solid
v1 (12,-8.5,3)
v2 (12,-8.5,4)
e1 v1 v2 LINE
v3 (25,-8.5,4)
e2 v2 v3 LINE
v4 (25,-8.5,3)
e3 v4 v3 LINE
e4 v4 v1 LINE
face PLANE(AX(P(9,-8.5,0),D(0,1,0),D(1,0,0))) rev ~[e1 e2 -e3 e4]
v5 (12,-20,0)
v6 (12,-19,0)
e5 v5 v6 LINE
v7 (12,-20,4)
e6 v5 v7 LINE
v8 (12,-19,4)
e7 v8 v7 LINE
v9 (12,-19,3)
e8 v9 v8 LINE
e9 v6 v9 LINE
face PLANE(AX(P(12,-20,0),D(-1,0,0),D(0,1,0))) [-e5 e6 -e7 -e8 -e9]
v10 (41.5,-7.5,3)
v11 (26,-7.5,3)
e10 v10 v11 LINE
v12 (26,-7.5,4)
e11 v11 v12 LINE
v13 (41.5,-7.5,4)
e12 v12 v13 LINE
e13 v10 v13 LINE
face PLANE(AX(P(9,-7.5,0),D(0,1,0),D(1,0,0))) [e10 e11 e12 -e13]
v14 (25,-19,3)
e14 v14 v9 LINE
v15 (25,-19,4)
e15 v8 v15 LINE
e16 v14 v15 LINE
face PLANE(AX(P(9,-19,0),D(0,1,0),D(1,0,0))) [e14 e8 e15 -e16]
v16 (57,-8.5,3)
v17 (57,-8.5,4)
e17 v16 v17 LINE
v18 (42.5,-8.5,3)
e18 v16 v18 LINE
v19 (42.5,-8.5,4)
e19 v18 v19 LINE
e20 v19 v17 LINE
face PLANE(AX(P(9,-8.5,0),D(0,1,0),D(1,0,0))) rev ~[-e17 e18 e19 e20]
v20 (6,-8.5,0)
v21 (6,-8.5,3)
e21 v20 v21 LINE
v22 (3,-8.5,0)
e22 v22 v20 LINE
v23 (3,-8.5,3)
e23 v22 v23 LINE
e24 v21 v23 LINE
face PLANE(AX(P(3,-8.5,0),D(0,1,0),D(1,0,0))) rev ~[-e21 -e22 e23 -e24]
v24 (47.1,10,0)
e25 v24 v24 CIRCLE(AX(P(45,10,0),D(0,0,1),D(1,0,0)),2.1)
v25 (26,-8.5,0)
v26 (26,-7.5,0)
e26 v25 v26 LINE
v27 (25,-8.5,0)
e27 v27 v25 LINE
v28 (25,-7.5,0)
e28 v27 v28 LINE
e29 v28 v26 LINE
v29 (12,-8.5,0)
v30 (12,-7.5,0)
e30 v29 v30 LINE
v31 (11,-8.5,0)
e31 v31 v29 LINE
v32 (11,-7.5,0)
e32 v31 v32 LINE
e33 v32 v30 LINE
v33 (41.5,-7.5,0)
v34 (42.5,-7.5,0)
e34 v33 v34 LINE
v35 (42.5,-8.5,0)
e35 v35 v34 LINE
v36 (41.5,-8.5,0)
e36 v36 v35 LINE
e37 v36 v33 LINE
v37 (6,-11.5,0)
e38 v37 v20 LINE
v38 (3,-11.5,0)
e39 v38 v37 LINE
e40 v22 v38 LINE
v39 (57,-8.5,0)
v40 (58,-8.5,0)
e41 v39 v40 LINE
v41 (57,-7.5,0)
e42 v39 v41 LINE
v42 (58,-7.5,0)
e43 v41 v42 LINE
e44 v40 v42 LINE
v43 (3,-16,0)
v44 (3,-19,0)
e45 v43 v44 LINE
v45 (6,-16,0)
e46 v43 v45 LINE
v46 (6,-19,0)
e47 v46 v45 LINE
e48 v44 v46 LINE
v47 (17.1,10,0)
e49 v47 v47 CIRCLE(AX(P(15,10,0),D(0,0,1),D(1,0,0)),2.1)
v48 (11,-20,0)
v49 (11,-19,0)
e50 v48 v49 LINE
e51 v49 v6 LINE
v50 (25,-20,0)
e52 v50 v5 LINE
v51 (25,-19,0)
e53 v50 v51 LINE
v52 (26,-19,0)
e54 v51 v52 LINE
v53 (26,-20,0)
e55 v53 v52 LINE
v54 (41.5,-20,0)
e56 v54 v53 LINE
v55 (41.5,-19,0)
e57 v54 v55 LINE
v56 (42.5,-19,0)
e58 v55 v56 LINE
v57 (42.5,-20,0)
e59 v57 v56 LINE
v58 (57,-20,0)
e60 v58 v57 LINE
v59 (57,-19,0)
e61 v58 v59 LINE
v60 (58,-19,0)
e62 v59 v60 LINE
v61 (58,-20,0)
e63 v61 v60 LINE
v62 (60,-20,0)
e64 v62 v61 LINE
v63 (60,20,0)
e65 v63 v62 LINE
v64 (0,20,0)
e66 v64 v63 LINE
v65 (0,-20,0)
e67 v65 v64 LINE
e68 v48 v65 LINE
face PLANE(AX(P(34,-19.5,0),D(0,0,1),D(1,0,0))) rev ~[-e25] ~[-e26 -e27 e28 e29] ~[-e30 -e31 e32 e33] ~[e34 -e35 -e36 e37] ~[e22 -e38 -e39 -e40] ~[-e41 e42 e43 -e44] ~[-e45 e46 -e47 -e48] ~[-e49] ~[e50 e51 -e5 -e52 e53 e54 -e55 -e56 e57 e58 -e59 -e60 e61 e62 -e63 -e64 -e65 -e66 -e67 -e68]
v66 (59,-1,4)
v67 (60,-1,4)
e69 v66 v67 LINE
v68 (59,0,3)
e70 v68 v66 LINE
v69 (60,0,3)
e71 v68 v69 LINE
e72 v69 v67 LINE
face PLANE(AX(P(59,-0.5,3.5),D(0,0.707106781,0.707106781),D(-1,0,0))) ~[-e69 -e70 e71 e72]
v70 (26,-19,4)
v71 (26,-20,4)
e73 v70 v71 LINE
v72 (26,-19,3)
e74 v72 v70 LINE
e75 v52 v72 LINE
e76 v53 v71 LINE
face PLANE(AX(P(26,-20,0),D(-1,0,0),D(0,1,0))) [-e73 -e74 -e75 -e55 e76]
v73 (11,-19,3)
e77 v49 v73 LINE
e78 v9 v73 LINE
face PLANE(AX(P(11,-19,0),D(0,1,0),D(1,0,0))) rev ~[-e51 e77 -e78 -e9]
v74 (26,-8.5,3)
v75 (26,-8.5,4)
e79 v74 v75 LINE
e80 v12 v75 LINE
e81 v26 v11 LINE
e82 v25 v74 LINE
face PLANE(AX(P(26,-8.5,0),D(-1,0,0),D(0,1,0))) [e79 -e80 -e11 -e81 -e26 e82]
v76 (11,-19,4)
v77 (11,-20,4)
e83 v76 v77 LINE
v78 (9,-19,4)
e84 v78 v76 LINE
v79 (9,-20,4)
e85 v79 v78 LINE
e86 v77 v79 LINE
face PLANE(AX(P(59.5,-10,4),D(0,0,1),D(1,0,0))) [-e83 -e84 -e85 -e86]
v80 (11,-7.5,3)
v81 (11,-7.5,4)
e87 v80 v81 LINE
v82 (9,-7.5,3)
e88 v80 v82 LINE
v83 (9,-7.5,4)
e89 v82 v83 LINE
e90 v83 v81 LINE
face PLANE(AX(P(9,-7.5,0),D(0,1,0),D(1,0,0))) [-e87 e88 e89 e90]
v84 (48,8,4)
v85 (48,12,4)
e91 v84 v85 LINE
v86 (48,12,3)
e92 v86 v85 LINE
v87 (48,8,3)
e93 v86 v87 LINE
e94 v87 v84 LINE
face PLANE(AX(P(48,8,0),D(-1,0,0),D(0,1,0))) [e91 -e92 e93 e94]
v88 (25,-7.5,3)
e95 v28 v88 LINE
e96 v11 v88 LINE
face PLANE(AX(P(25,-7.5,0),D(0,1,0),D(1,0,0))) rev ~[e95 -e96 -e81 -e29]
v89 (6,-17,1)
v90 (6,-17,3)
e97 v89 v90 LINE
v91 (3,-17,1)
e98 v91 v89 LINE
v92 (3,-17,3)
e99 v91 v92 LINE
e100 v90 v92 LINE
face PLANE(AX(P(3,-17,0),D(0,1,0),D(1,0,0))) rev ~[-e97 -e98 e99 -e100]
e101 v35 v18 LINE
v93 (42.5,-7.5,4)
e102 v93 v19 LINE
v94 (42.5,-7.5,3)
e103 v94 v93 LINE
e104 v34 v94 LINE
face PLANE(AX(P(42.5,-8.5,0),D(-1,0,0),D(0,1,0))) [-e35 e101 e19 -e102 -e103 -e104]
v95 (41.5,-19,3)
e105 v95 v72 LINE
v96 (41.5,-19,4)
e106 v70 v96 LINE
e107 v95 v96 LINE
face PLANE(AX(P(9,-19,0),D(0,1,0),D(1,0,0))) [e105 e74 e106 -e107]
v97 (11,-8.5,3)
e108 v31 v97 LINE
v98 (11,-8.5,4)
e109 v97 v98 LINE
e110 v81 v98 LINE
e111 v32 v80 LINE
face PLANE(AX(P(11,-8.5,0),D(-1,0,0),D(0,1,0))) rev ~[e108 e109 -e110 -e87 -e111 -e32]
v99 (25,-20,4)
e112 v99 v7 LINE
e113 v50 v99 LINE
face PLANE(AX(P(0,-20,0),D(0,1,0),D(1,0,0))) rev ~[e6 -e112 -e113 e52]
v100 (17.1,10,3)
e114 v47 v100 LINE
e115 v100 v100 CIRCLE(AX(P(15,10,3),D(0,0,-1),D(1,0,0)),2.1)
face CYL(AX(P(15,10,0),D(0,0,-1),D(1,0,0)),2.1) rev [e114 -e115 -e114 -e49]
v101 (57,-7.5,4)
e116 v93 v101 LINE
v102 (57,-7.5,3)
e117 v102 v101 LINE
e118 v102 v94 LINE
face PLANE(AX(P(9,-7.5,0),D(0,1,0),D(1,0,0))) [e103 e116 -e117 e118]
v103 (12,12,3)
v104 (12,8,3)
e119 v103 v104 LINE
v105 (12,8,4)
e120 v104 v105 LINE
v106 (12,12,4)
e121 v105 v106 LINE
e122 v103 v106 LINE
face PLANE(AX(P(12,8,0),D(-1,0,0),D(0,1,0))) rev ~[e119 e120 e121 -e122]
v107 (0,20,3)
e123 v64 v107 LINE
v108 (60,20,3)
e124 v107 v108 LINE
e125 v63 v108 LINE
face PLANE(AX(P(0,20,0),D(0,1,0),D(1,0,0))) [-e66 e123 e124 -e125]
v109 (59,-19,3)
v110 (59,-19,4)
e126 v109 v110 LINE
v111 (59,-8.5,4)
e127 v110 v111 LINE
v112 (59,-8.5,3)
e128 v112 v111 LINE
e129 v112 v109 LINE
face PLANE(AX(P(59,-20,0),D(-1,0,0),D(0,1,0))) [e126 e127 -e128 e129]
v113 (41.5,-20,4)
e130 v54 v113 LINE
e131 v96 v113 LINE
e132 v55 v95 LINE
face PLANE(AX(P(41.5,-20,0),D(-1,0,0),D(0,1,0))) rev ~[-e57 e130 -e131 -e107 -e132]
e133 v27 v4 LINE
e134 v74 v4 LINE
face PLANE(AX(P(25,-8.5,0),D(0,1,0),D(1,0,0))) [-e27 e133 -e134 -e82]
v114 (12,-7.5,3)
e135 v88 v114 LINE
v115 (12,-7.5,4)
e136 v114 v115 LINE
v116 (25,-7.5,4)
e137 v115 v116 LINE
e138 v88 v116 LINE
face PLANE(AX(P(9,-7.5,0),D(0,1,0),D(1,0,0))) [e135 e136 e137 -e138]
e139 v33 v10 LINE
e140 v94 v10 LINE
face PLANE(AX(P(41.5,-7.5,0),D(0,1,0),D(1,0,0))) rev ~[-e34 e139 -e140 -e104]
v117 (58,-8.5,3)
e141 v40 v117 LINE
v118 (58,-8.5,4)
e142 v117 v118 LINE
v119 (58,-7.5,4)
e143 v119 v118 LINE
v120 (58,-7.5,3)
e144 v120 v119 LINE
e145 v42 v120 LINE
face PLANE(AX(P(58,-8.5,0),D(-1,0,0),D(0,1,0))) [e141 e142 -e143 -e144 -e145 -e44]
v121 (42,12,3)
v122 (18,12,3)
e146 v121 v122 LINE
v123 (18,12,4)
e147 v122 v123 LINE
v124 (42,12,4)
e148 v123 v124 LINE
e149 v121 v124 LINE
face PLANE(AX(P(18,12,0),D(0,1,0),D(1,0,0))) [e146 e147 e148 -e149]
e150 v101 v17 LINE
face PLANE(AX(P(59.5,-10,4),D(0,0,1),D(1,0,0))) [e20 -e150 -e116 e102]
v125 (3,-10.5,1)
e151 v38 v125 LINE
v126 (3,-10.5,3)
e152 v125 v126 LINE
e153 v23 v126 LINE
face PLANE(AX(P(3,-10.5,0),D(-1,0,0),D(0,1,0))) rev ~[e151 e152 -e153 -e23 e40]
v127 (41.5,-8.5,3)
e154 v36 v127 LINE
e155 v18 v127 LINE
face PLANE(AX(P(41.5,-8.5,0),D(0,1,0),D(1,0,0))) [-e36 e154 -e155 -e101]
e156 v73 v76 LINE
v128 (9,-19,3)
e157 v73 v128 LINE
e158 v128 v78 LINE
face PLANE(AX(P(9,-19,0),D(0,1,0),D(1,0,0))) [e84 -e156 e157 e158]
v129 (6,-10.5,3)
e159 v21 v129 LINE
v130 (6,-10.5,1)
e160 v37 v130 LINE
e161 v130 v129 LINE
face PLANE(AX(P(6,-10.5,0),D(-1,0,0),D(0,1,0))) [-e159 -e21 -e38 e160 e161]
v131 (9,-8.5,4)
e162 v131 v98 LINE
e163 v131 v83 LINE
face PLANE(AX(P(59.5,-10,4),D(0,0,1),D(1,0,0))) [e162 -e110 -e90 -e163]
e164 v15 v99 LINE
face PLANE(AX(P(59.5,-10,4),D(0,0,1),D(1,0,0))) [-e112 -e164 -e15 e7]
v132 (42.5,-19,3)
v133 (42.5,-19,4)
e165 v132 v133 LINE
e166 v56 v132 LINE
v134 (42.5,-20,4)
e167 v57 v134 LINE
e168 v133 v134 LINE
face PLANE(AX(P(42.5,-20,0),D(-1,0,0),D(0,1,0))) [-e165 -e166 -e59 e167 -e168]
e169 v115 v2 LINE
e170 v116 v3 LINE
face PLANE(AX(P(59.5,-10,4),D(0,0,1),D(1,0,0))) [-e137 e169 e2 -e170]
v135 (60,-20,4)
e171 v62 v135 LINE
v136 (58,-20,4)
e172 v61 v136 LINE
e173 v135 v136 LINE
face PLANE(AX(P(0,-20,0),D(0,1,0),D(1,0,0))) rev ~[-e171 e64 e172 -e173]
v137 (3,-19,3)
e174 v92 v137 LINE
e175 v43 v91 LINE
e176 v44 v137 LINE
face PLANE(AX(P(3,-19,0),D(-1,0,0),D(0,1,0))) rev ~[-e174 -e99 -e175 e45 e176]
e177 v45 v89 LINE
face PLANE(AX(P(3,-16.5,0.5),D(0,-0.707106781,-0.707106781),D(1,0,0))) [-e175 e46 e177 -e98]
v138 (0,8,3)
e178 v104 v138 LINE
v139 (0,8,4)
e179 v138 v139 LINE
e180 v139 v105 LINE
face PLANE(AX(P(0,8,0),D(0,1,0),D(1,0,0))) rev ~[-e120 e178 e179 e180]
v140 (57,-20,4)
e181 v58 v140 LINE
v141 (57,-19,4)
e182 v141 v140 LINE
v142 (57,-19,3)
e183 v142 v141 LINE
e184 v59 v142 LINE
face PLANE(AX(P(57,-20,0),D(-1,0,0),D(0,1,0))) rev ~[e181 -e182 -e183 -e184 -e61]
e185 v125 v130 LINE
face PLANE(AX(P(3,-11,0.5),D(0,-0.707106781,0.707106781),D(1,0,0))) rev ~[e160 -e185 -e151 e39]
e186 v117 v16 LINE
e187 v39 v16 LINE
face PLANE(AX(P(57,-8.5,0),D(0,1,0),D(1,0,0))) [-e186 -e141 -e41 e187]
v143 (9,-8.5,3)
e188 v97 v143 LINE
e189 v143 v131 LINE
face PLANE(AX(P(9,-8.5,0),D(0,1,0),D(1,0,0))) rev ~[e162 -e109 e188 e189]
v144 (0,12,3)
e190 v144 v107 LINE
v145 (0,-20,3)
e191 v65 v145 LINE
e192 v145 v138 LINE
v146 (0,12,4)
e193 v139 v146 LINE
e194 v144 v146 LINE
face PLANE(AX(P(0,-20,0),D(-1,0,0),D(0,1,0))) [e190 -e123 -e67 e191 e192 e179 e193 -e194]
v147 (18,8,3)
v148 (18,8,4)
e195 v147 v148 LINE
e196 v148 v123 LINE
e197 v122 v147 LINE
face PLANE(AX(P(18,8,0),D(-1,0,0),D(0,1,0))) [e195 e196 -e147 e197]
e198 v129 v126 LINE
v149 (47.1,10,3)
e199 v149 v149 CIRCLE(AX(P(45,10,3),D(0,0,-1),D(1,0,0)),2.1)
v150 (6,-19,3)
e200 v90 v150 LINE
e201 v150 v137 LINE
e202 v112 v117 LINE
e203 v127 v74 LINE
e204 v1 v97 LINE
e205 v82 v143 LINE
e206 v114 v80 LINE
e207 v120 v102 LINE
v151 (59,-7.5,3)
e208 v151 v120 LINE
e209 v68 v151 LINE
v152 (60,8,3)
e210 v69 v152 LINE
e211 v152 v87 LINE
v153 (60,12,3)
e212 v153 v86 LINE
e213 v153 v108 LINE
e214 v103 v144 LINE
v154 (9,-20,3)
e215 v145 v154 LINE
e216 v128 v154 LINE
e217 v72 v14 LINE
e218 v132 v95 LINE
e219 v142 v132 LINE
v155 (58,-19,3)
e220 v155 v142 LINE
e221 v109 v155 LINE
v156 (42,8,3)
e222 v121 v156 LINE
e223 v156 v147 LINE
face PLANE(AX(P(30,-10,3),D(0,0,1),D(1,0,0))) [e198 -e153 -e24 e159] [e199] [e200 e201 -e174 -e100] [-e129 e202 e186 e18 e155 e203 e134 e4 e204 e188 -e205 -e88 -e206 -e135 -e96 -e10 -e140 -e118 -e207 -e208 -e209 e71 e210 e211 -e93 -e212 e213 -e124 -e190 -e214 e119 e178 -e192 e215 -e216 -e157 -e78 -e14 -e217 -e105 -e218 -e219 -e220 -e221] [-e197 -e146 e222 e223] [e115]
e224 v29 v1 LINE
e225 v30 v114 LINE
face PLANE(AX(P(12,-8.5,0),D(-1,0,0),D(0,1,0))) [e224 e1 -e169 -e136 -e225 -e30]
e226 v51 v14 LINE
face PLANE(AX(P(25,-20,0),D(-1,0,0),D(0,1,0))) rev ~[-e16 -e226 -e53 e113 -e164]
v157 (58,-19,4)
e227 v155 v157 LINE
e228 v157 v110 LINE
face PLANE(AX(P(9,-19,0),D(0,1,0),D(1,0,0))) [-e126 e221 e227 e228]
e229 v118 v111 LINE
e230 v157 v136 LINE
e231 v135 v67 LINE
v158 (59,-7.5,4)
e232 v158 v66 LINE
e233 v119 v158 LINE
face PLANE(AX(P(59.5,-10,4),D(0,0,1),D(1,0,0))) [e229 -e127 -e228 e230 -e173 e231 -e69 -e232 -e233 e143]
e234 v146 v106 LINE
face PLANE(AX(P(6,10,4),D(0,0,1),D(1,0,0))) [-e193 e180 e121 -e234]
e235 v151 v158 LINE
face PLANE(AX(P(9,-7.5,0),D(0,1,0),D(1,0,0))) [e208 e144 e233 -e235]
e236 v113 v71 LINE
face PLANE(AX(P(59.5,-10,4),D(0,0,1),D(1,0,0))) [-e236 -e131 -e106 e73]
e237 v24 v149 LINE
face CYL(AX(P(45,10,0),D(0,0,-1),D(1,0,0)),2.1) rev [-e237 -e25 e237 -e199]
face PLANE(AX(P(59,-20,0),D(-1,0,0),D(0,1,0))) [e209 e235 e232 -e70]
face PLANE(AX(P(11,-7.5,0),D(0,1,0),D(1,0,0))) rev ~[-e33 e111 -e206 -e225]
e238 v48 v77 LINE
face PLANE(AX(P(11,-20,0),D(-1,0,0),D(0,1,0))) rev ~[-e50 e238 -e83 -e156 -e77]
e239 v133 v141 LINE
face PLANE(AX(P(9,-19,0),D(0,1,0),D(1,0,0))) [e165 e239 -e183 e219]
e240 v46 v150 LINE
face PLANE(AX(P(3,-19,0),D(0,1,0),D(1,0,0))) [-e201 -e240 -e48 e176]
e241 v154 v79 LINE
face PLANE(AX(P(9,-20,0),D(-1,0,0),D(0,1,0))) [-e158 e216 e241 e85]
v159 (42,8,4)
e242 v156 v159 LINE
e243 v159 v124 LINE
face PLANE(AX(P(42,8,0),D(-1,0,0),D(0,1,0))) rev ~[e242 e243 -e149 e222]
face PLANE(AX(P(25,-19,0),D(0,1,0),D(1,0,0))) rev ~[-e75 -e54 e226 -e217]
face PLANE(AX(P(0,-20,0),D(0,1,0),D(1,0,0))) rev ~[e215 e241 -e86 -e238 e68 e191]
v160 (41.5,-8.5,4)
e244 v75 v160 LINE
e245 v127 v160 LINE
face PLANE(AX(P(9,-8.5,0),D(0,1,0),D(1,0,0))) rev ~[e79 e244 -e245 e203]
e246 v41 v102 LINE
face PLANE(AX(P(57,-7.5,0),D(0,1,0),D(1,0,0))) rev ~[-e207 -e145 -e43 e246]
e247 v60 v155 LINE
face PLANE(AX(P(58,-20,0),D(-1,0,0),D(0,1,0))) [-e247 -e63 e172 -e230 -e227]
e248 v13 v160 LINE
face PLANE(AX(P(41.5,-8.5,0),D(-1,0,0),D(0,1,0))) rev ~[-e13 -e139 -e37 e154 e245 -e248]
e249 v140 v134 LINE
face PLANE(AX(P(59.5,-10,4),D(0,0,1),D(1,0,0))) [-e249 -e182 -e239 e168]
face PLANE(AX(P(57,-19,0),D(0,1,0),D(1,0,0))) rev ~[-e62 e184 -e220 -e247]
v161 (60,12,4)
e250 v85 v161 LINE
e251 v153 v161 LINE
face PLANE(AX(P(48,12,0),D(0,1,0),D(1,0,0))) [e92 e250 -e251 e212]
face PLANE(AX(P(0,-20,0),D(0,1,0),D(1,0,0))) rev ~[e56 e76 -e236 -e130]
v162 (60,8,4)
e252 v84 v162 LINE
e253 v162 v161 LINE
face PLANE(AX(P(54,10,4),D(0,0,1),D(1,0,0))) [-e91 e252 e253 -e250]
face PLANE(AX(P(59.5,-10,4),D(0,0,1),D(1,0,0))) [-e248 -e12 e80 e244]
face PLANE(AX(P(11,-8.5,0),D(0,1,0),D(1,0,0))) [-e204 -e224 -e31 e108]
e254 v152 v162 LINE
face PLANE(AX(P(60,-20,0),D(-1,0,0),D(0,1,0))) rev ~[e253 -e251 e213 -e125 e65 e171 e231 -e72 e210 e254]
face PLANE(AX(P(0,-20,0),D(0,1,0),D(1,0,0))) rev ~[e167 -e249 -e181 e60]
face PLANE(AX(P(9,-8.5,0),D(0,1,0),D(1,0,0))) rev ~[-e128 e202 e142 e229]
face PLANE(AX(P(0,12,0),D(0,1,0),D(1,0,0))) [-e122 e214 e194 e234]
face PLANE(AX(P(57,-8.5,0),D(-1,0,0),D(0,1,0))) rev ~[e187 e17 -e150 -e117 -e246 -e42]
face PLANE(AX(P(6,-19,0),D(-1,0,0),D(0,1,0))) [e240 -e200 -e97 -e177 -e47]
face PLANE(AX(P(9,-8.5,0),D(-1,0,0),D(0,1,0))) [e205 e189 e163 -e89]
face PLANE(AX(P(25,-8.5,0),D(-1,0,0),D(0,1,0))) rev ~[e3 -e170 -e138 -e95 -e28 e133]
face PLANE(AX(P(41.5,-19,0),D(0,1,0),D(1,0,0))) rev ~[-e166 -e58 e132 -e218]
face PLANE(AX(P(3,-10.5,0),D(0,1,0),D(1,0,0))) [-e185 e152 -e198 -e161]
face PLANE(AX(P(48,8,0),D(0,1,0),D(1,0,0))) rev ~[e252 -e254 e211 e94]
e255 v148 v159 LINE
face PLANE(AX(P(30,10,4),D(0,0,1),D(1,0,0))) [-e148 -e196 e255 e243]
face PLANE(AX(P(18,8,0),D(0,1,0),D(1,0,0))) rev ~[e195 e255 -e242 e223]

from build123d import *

# Parameters (mm, degrees)
BOX020_W          = 3
BOX020_H          = 2
BOX020_DEPTH      = 10
BOX014_W          = 1
BOX014_H          = 1
BOX014_DEPTH      = 8
BOX008_W          = 1
BOX008_H          = 1
BOX008_DEPTH      = 8
BOX009_W          = 1
BOX009_H          = 1
BOX009_DEPTH      = 8
BOX012_W          = 1
BOX012_H          = 1
BOX012_DEPTH      = 8
BOX013_W          = 1
BOX013_H          = 1
BOX013_DEPTH      = 8
BOX010_W          = 1
BOX010_H          = 1
BOX010_DEPTH      = 8
BOX011_W          = 1
BOX011_H          = 1
BOX011_DEPTH      = 8
BOX015_W          = 1
BOX015_H          = 1
BOX015_DEPTH      = 8
BOX019_W          = 3
BOX019_H          = 2
BOX019_DEPTH      = 10
BOX006_W          = 50
BOX006_H          = 1
BOX006_DEPTH      = 4
BOX005_W          = 50
BOX005_H          = 1
BOX005_DEPTH      = 4
BOX007_W          = 1
BOX007_H          = 20
BOX007_DEPTH      = 4
CHAMFER_SIZE      = 1
BOX001_W          = 60
BOX001_H          = 20
BOX001_DEPTH      = 3
CHAMFER001_SIZE   = 1
CYLINDER001_R     = 2.1
CYLINDER001_DEPTH = 10
CYLINDER_R        = 2.1
CYLINDER_DEPTH    = 10
BOX002_W          = 12
BOX002_H          = 4
BOX002_DEPTH      = 4
BOX004_W          = 24
BOX004_H          = 4
BOX004_DEPTH      = 4
BOX003_W          = 12
BOX003_H          = 4
BOX003_DEPTH      = 4
BOX_W             = 60
BOX_H             = 20
BOX_DEPTH         = 3


with BuildPart() as cube020:
    # Box020 → Box020 (new body)
    with BuildSketch(Plane(origin=(3, -10.5, 0), x_dir=(1, 0, 0), z_dir=(0, 0, 1))):
        with Locations((1.5, 1)):
            Rectangle(BOX020_W, BOX020_H)
    extrude(amount=BOX020_DEPTH)


with BuildPart() as cube014:
    # Box014 → Box014 (new body)
    with BuildSketch(Plane(origin=(11, -8.5, 0), x_dir=(1, 0, 0), z_dir=(0, 0, 1))):
        with Locations((0.5, 0.5)):
            Rectangle(BOX014_W, BOX014_H)
    extrude(amount=BOX014_DEPTH)


with BuildPart() as cube008:
    # Box008 → Box008 (new body)
    with BuildSketch(Plane(origin=(11, -20, 0), x_dir=(1, 0, 0), z_dir=(0, 0, 1))):
        with Locations((0.5, 0.5)):
            Rectangle(BOX008_W, BOX008_H)
    extrude(amount=BOX008_DEPTH)


with BuildPart() as cube009:
    # Box009 → Box009 (new body)
    with BuildSketch(Plane(origin=(25, -20, 0), x_dir=(1, 0, 0), z_dir=(0, 0, 1))):
        with Locations((0.5, 0.5)):
            Rectangle(BOX009_W, BOX009_H)
    extrude(amount=BOX009_DEPTH)


with BuildPart() as cube012:
    # Box012 → Box012 (new body)
    with BuildSketch(Plane(origin=(25, -8.5, 0), x_dir=(1, 0, 0), z_dir=(0, 0, 1))):
        with Locations((0.5, 0.5)):
            Rectangle(BOX012_W, BOX012_H)
    extrude(amount=BOX012_DEPTH)


with BuildPart() as cube013:
    # Box013 → Box013 (new body)
    with BuildSketch(Plane(origin=(41.5, -8.5, 0), x_dir=(1, 0, 0), z_dir=(0, 0, 1))):
        with Locations((0.5, 0.5)):
            Rectangle(BOX013_W, BOX013_H)
    extrude(amount=BOX013_DEPTH)


with BuildPart() as cube010:
    # Box010 → Box010 (new body)
    with BuildSketch(Plane(origin=(41.5, -20, 0), x_dir=(1, 0, 0), z_dir=(0, 0, 1))):
        with Locations((0.5, 0.5)):
            Rectangle(BOX010_W, BOX010_H)
    extrude(amount=BOX010_DEPTH)


with BuildPart() as cube011:
    # Box011 → Box011 (new body)
    with BuildSketch(Plane(origin=(57, -20, 0), x_dir=(1, 0, 0), z_dir=(0, 0, 1))):
        with Locations((0.5, 0.5)):
            Rectangle(BOX011_W, BOX011_H)
    extrude(amount=BOX011_DEPTH)


with BuildPart() as cube015:
    # Box015 → Box015 (new body)
    with BuildSketch(Plane(origin=(57, -8.5, 0), x_dir=(1, 0, 0), z_dir=(0, 0, 1))):
        with Locations((0.5, 0.5)):
            Rectangle(BOX015_W, BOX015_H)
    extrude(amount=BOX015_DEPTH)


with BuildPart() as fusion003:
    # Box019 → Box019 (new body)
    with BuildSketch(Plane(origin=(3, -19, 0), x_dir=(1, 0, 0), z_dir=(0, 0, 1))):
        with Locations((1.5, 1)):
            Rectangle(BOX019_W, BOX019_H)
    extrude(amount=BOX019_DEPTH)

    # Fusion003: union Cube020, Cube014, Cube008, Cube009, Cube012, Cube013, Cube010, Cube011, Cube015
    add(cube020.part)
    add(cube014.part)
    add(cube008.part)
    add(cube009.part)
    add(cube012.part)
    add(cube013.part)
    add(cube010.part)
    add(cube011.part)
    add(cube015.part)


with BuildPart() as cube006:
    # Box006 → Box006 (new body)
    with BuildSketch(Plane(origin=(9, -8.5, 0), x_dir=(1, 0, 0), z_dir=(0, 0, 1))):
        with Locations((25, 0.5)):
            Rectangle(BOX006_W, BOX006_H)
    extrude(amount=BOX006_DEPTH)


with BuildPart() as cube005:
    # Box005 → Box005 (new body)
    with BuildSketch(Plane(origin=(9, -20, 0), x_dir=(1, 0, 0), z_dir=(0, 0, 1))):
        with Locations((25, 0.5)):
            Rectangle(BOX005_W, BOX005_H)
    extrude(amount=BOX005_DEPTH)


with BuildPart() as chamfer_body:
    # Box007 → Box007 (new body)
    with BuildSketch(Plane(origin=(59, -20, 0), x_dir=(1, 0, 0), z_dir=(0, 0, 1))):
        with Locations((0.5, 10)):
            Rectangle(BOX007_W, BOX007_H)
    extrude(amount=BOX007_DEPTH)

    # Chamfer
    chamfer_edges = [chamfer_body.edges().sort_by_distance(p)[0] for p in [
        (59.5, 0, 4),
    ]]
    chamfer(chamfer_edges, length=CHAMFER_SIZE)


with BuildPart() as chamfer001:
    # Box001 → Box001 (new body)
    with BuildSketch(Plane(origin=(0, -20, 0), x_dir=(1, 0, 0), z_dir=(0, 0, 1))):
        with Locations((30, 10)):
            Rectangle(BOX001_W, BOX001_H)
    extrude(amount=BOX001_DEPTH)

    # Fusion002: union Cube006, Cube005, Chamfer body
    add(cube006.part)
    add(cube005.part)
    add(chamfer_body.part)

    # Cut001: cut Fusion003
    add(fusion003.part, mode=Mode.SUBTRACT)

    # Chamfer001
    chamfer001_edges = [chamfer001.edges().sort_by_distance(p)[0] for p in [
        (4.5, -17, 0),
        (4.5, -10.5, 0),
    ]]
    chamfer(chamfer001_edges, length=CHAMFER001_SIZE)


with BuildPart() as cylinder001:
    # Cylinder001 → Cylinder001 (new body)
    with BuildSketch(Plane(origin=(45, 10, 0), x_dir=(1, 0, 0), z_dir=(0, 0, 1))):
        Circle(CYLINDER001_R)
    extrude(amount=CYLINDER001_DEPTH)


with BuildPart() as fusion001:
    # Cylinder → Cylinder (new body)
    with BuildSketch(Plane(origin=(15, 10, 0), x_dir=(1, 0, 0), z_dir=(0, 0, 1))):
        Circle(CYLINDER_R)
    extrude(amount=CYLINDER_DEPTH)

    # Fusion001: union Cylinder001
    add(cylinder001.part)


with BuildPart() as cube002:
    # Box002 → Box002 (new body)
    with BuildSketch(Plane(origin=(0, 8, 0), x_dir=(1, 0, 0), z_dir=(0, 0, 1))):
        with Locations((6, 2)):
            Rectangle(BOX002_W, BOX002_H)
    extrude(amount=BOX002_DEPTH)


with BuildPart() as cube004:
    # Box004 → Box004 (new body)
    with BuildSketch(Plane(origin=(18, 8, 0), x_dir=(1, 0, 0), z_dir=(0, 0, 1))):
        with Locations((12, 2)):
            Rectangle(BOX004_W, BOX004_H)
    extrude(amount=BOX004_DEPTH)


with BuildPart() as cube003:
    # Box003 → Box003 (new body)
    with BuildSketch(Plane(origin=(48, 8, 0), x_dir=(1, 0, 0), z_dir=(0, 0, 1))):
        with Locations((6, 2)):
            Rectangle(BOX003_W, BOX003_H)
    extrude(amount=BOX003_DEPTH)


with BuildPart() as fusion004:
    # Box → Box (new body)
    with BuildSketch(Plane.XY):
        with Locations((30, 10)):
            Rectangle(BOX_W, BOX_H)
    extrude(amount=BOX_DEPTH)

    # Fusion: union Cube002, Cube004, Cube003
    add(cube002.part)
    add(cube004.part)
    add(cube003.part)

    # Cut: cut Fusion001
    add(fusion001.part, mode=Mode.SUBTRACT)

    # Fusion004: union Chamfer001
    add(chamfer001.part)


solid = fusion004.part
